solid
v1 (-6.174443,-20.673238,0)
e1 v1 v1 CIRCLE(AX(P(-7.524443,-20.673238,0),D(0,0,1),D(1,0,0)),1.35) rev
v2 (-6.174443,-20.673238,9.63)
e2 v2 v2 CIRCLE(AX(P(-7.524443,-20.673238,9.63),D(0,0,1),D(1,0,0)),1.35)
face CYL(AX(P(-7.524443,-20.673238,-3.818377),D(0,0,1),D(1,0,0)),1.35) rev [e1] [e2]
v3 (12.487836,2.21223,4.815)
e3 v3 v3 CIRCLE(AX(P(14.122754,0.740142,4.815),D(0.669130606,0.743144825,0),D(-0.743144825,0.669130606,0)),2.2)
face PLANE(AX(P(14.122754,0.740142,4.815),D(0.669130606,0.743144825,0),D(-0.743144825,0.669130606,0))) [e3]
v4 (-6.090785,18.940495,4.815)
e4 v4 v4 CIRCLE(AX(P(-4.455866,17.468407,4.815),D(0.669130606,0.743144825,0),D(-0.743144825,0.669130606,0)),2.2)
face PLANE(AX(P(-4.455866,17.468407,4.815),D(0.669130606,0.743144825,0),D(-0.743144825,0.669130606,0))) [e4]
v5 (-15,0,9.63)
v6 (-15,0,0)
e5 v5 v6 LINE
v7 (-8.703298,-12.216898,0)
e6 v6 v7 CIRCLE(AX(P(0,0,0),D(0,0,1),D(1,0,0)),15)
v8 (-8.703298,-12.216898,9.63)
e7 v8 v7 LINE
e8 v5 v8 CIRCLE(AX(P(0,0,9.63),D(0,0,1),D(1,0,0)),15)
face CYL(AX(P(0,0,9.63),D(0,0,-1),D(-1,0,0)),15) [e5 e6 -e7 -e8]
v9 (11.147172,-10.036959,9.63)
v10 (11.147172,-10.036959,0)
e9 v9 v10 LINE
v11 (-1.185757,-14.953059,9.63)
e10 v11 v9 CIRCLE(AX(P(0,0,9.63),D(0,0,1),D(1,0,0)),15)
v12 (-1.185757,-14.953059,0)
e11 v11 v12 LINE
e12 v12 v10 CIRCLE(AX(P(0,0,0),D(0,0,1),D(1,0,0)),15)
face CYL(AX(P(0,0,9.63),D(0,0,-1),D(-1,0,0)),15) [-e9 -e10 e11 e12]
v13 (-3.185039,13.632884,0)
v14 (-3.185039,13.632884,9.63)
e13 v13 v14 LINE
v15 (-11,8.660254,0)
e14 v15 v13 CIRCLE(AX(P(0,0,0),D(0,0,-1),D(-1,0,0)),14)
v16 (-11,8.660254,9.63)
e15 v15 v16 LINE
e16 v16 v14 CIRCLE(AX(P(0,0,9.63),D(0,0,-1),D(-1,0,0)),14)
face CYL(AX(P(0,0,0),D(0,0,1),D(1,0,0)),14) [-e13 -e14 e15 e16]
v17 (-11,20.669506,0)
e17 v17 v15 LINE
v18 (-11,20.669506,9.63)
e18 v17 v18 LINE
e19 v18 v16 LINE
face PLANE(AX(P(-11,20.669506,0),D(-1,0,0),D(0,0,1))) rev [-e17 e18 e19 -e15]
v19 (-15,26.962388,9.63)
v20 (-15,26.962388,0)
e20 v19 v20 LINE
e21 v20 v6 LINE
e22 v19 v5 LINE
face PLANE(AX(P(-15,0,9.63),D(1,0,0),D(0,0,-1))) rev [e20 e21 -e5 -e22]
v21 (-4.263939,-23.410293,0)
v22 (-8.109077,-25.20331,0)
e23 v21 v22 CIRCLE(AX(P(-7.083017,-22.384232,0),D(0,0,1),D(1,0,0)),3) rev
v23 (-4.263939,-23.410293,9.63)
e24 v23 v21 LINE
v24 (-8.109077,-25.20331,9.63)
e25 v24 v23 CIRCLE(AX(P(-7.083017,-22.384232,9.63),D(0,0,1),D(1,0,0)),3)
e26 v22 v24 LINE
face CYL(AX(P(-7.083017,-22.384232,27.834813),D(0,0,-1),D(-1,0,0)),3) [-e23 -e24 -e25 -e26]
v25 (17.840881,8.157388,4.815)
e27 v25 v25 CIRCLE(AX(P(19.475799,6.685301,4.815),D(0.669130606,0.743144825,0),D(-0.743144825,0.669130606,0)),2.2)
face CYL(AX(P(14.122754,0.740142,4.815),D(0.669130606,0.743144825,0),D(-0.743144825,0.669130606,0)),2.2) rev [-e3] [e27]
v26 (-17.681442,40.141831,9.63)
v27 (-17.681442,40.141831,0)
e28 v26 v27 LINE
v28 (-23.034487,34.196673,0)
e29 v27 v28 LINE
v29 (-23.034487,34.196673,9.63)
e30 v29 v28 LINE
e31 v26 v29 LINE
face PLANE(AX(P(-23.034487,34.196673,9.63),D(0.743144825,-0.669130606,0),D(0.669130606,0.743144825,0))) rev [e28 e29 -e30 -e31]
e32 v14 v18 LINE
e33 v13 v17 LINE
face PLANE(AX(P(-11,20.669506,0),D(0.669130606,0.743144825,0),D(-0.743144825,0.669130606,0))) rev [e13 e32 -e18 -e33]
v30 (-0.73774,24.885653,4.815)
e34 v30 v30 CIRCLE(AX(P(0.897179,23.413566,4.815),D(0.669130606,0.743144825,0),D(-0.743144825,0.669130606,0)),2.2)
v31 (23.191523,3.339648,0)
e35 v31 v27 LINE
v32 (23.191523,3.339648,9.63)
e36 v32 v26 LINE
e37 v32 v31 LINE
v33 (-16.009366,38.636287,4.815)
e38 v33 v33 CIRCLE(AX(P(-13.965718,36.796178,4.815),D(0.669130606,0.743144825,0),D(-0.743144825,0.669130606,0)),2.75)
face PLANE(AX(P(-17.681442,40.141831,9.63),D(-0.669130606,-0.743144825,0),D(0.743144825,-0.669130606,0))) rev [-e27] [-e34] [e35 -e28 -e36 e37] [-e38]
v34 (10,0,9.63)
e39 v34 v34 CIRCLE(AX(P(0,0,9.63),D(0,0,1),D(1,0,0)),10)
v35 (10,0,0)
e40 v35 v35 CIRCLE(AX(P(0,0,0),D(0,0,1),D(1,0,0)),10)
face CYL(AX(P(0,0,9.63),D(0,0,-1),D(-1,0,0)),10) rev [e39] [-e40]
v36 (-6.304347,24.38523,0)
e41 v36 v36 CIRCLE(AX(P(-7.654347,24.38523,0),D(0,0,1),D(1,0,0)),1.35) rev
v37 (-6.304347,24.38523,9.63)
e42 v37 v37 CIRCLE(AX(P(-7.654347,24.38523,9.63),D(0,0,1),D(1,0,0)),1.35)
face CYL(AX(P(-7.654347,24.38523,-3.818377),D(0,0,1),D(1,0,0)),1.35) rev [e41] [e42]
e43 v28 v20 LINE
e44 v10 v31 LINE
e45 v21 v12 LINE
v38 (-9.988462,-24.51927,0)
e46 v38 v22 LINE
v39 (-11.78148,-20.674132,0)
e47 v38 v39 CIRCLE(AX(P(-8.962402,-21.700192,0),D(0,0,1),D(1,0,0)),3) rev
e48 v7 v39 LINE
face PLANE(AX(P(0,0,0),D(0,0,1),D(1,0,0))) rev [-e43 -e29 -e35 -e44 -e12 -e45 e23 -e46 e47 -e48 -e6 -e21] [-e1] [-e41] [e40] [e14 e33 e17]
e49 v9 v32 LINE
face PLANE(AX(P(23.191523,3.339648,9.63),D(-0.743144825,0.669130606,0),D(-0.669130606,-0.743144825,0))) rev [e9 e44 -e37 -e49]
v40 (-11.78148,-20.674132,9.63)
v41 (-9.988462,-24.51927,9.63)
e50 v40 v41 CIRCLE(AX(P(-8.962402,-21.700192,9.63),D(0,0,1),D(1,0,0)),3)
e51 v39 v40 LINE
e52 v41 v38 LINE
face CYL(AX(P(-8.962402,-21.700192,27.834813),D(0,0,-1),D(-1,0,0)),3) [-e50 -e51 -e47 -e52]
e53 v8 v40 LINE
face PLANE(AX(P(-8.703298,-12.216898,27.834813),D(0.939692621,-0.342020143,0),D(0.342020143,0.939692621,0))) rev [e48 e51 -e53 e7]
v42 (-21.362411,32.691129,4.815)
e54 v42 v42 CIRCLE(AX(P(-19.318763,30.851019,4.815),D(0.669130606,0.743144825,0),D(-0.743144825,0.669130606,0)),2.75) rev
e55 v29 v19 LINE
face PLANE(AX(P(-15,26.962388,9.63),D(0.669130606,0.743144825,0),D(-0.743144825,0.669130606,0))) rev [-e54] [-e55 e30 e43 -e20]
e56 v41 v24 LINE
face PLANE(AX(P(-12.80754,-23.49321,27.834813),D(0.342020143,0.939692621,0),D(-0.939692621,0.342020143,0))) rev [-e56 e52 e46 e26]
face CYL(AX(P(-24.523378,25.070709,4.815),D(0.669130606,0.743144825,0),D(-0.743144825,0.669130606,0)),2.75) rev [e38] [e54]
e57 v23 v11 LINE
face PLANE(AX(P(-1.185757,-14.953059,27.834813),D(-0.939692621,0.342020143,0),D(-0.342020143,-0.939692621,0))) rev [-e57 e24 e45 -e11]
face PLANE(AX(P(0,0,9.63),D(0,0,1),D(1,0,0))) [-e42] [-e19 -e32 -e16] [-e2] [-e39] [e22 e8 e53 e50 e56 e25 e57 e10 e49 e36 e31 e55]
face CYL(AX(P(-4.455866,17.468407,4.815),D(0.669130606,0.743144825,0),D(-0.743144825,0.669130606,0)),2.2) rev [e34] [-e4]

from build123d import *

# Parameters (mm, degrees)
SKETCH1_R                  = 10
EXTRUDE_3_8_DEPTH          = 9.63
BOSS_EXTRUDE2_DEPTH        = 9.63
SKETCH3_R                  = 1.35
M3_DRILL_OR_THROUGH_DEPTH  = 9.63
FILLET1_R                  = 3
SKETCH4_R                  = 2.75
M5_THROUGH_DEPTH           = 8
SKETCH5_R                  = 2.2
M5_DRILL_DEPTH             = 8
CUT_EXTRUDE4_DEPTH         = 9.63
SKETCH7_R                  = 1.35
M3_DRILL_OR_THROUGH2_DEPTH = 9.63


with BuildPart() as part:
    # Sketch1 → 3/8 (new body)
    with BuildSketch(Plane.XY):
        with BuildLine():
            Line((-15, 0), (-15, 26.962387961))
            Line((-15, 26.962387961), (-23.034486956, 34.196672509))
            Line((-23.034486956, 34.196672509), (-17.681442105, 40.141831113))
            Line((-17.681442105, 40.141831113), (23.191523297, 3.339647763))
            Line((23.191523297, 3.339647763), (17.838478446, -2.605510841))
            Line((17.838478446, -2.605510841), (11.147172382, -10.036959095))
            ThreePointArc((11.147172382, -10.036959095), (-5.375519243, -14.003706397), (-15, 0))
        make_face()
        Circle(SKETCH1_R, mode=Mode.SUBTRACT)
    extrude(amount=EXTRUDE_3_8_DEPTH)

    # Sketch2 → Boss-Extrude2 (add)
    with BuildSketch(Plane.XY):
        Polygon((-8.703298337, -12.216898054), (-1.18575737, -14.953059201), (-5.28999909, -26.22937065), (-12.807540057, -23.493209503), align=None)
    extrude(amount=BOSS_EXTRUDE2_DEPTH)

    # Sketch3 → M3_DRILL_or_Through (cut)
    with BuildSketch(Plane.XY.offset(9.63)):
        with Locations((-7.524443153, -20.673237657)):
            Circle(SKETCH3_R)
    extrude(amount=-M3_DRILL_OR_THROUGH_DEPTH, mode=Mode.SUBTRACT)

    # Fillet1
    fillet1_edges = [part.edges().sort_by_distance(p)[0] for p in [
        (-12.807540057, -23.493209503, 4.815),
        (-5.28999909, -26.22937065, 4.815),
    ]]
    fillet(fillet1_edges, radius=FILLET1_R)

    # Sketch4 → M5_through (cut)
    with BuildSketch(Plane(origin=(12.044350914, 13.376606859, 0), x_dir=(0.7431448254773932, -0.6691306063588595, 0), z_dir=(0.6691306063588595, 0.7431448254773932, 0))):
        with Locations(Location((-35, -4.815, 0), (0, 0, 180))):
            Circle(SKETCH4_R)
    extrude(amount=-M5_THROUGH_DEPTH, mode=Mode.SUBTRACT)

    # Sketch5 → M5_DRILL (cut)
    with BuildSketch(Plane(origin=(12.044350914, 13.376606859, 0), x_dir=(0.7431448254773932, -0.6691306063588595, 0), z_dir=(0.6691306063588595, 0.7431448254773932, 0))):
        with Locations(Location((-15, -4.815, 0), (0, 0, 180))):
            Circle(SKETCH5_R)
        with Locations(Location((10, -4.815, 0), (0, 0, 180))):
            Circle(SKETCH5_R)
    extrude(amount=-M5_DRILL_DEPTH, mode=Mode.SUBTRACT)

    # Sketch6 → Cut-Extrude4 (cut)
    with BuildSketch(Plane.XY.offset(9.63)):
        with BuildLine():
            Line((-11, 20.669506324), (-11, 8.660254038))
            ThreePointArc((-11, 8.660254038), (-7.515689996, 11.81162156), (-3.18503916, 13.632883978))
            Line((-3.18503916, 13.632883978), (-11, 20.669506324))
        make_face()
    extrude(amount=-CUT_EXTRUDE4_DEPTH, mode=Mode.SUBTRACT)

    # Sketch7 → M3_DRILL_or_Through2 (cut)
    with BuildSketch(Plane.XY.offset(9.63)):
        with Locations((-7.654346968, 24.385230452)):
            Circle(SKETCH7_R)
    extrude(amount=-M3_DRILL_OR_THROUGH2_DEPTH, mode=Mode.SUBTRACT)


solid = part.part
